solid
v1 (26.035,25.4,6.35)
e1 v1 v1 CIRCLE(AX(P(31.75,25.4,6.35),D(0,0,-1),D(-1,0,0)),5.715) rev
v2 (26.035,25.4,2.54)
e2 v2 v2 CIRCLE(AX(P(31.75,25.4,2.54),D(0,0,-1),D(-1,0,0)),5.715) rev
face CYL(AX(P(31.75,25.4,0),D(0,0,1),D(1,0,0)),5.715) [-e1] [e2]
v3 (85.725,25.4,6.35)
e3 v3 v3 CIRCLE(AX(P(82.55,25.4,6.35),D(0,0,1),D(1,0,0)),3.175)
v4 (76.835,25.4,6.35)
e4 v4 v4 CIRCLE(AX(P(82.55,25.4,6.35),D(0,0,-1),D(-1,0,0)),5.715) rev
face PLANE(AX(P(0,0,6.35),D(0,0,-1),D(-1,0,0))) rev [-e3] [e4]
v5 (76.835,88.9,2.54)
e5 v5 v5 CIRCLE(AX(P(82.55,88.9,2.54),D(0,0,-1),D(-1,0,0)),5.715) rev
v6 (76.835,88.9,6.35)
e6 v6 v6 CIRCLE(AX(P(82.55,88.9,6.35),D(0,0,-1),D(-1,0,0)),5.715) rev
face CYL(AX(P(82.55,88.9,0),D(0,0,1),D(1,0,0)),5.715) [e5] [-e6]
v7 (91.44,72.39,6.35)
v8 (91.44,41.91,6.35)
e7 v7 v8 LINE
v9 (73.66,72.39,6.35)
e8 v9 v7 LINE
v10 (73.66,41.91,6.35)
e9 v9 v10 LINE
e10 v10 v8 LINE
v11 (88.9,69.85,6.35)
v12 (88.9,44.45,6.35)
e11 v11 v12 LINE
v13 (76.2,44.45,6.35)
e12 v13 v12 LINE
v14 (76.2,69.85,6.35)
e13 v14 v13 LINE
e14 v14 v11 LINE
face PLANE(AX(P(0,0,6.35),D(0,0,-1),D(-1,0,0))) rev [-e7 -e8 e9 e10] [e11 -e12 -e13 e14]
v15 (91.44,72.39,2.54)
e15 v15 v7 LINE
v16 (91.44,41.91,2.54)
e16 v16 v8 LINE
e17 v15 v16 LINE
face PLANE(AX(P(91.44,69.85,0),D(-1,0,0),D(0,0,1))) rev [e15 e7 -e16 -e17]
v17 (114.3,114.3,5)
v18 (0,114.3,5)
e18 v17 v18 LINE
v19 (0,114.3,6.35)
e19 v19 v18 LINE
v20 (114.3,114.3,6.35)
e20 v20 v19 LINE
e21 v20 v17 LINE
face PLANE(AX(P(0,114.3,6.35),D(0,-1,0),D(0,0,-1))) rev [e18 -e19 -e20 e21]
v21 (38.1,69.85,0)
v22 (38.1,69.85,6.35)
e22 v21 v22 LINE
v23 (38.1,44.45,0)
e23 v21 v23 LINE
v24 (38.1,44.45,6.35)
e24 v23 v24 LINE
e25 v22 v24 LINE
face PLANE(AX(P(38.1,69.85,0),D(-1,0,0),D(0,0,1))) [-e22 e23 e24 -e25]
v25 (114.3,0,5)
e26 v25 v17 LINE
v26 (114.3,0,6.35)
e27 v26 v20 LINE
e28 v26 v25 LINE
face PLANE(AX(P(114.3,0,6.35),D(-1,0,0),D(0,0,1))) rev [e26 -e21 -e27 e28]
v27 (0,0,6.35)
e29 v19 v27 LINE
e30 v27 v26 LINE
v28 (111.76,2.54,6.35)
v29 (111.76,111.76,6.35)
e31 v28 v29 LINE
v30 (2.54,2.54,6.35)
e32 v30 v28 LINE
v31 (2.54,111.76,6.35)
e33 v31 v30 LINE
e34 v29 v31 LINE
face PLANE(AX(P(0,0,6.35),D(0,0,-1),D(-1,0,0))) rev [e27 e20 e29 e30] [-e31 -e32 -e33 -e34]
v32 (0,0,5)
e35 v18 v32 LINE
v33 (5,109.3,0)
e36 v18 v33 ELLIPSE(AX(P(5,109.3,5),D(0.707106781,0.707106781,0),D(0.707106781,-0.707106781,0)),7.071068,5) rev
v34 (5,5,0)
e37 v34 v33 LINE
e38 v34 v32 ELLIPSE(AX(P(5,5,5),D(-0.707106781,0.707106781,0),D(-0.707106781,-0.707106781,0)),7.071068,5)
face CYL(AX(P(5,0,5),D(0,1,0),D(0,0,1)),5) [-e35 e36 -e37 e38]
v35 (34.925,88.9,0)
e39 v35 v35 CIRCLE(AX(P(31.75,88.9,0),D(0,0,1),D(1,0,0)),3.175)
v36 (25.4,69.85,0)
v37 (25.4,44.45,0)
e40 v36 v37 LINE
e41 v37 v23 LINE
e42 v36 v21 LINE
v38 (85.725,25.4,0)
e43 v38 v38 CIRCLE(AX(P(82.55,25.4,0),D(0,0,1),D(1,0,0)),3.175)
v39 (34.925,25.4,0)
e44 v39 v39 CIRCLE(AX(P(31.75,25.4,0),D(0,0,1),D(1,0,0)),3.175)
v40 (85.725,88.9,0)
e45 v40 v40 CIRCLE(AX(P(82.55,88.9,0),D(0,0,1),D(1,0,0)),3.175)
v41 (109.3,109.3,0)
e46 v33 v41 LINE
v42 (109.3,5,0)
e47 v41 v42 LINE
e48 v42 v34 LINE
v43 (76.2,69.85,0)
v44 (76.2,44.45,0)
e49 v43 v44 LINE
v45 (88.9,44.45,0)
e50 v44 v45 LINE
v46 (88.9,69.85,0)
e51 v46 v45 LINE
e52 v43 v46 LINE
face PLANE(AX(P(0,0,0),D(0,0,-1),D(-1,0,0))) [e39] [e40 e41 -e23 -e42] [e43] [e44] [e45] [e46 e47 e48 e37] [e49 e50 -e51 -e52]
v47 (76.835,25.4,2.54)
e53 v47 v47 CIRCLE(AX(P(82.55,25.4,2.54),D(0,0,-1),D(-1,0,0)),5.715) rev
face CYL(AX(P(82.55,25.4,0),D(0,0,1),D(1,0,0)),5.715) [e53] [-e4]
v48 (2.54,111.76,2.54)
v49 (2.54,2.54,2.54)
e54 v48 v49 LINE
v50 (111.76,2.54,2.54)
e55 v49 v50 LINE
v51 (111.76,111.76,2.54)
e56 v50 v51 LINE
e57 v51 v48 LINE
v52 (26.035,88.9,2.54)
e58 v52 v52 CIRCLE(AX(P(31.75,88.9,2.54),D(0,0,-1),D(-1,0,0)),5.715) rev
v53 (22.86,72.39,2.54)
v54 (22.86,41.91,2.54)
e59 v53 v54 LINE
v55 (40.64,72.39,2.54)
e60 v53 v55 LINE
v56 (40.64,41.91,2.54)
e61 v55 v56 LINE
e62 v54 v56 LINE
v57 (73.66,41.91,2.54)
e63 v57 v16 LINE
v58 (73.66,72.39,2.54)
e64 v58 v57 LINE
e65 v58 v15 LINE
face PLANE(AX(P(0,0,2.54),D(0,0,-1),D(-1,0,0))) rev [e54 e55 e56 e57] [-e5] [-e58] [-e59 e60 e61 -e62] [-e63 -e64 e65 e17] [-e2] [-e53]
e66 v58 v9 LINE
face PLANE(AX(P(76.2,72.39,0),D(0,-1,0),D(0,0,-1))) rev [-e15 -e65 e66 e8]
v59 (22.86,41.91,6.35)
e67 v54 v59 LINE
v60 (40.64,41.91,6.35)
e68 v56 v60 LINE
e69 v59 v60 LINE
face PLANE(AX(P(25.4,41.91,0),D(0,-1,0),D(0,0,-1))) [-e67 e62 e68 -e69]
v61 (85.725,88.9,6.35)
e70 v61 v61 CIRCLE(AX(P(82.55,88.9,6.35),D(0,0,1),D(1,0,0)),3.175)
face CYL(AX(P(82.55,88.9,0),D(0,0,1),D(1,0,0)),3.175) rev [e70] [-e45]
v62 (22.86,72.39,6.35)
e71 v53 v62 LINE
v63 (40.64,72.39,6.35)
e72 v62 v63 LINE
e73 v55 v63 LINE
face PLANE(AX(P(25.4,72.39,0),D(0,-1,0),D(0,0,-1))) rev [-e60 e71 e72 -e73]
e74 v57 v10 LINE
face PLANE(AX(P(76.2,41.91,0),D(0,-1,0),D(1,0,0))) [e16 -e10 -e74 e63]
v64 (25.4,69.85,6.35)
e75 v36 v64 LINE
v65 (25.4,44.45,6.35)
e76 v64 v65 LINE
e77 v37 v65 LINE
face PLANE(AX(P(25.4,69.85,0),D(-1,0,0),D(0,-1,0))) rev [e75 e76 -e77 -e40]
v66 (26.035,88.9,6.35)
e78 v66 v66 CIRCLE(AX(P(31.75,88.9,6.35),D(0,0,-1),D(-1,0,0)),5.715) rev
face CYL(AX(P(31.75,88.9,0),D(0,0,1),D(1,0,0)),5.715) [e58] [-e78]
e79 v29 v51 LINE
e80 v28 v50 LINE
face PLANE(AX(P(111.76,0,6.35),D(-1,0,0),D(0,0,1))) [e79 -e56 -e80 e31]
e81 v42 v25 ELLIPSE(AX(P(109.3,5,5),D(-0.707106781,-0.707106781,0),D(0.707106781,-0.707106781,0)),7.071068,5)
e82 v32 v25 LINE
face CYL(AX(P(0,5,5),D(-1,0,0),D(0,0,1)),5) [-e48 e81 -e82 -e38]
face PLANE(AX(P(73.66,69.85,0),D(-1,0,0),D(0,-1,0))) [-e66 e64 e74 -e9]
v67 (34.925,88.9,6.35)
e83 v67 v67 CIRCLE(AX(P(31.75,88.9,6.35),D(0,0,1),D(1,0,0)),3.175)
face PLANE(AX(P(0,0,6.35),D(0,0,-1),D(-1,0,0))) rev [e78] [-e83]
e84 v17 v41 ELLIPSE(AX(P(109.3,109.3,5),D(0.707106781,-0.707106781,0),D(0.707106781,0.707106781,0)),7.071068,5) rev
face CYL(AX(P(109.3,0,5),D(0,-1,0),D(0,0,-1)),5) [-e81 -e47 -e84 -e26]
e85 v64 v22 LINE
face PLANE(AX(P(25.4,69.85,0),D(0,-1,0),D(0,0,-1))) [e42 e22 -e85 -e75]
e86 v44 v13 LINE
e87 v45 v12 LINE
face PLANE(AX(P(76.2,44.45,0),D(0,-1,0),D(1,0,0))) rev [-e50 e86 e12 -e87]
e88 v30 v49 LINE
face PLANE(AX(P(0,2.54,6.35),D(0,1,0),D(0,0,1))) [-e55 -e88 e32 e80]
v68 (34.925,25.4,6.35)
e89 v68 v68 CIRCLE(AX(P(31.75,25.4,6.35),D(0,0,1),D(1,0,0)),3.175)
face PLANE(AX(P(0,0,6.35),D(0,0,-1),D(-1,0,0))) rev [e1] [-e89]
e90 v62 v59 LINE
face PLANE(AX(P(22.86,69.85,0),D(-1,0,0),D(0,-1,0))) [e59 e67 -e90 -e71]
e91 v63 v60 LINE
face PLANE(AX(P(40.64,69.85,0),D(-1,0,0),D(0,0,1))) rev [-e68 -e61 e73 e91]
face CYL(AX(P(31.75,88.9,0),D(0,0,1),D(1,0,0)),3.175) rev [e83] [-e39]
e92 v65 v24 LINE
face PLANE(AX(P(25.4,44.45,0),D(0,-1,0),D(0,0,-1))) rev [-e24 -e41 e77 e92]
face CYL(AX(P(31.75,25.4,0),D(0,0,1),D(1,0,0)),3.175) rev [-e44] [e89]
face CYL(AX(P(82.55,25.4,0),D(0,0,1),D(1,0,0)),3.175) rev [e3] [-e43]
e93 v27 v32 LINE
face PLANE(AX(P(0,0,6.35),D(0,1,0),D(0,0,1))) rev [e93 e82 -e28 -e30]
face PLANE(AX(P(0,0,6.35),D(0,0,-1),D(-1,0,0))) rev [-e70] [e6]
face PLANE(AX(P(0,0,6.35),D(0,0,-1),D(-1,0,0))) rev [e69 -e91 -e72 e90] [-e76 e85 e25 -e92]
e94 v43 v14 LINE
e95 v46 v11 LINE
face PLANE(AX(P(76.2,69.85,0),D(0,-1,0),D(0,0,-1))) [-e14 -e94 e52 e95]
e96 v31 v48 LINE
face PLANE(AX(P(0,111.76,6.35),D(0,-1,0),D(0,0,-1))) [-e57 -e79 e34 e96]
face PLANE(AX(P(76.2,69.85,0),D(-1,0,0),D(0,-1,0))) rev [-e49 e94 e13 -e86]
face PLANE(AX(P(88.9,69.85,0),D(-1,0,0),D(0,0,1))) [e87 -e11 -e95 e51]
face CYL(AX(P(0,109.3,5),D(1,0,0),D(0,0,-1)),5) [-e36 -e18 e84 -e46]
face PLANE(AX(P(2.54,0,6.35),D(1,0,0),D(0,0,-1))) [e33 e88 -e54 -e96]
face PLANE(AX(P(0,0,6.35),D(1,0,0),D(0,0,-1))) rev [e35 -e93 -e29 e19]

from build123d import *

# Parameters (mm, degrees)
SKETCH2_W           = 114.3
SKETCH2_H           = 114.3
BOSS_EXTRUDE1_DEPTH = 6.35
SKETCH3_R           = 3.175
CUT_EXTRUDE1_DEPTH  = 162.769287876
SKETCH3_3_R         = 3.175
CUT_EXTRUDE2_DEPTH  = 162.769287876
SKETCH3_4_R         = 3.175
CUT_EXTRUDE3_DEPTH  = 162.769287876
SKETCH3_5_W         = 12.7
SKETCH3_5_H         = 25.4
CUT_EXTRUDE4_DEPTH  = 162.769287876
SKETCH3_6_W         = 12.7
SKETCH3_6_H         = 25.4
CUT_EXTRUDE5_DEPTH  = 162.769287876
SKETCH3_7_R         = 3.175
CUT_EXTRUDE6_DEPTH  = 162.769287876
SHELL1_T            = -2.54
FILLET1_R           = 5


with BuildPart() as part:
    # Sketch2 → Boss-Extrude1 (new body)
    with BuildSketch(Plane.XY):
        with Locations((57.15, 57.15)):
            Rectangle(SKETCH2_W, SKETCH2_H)
    extrude(amount=BOSS_EXTRUDE1_DEPTH)

    # Sketch3 → Cut-Extrude1 (cut, through all)
    with BuildSketch(Plane.XY.offset(6.35)):
        with Locations((31.75, 88.9)):
            Circle(SKETCH3_R)
    extrude(amount=-CUT_EXTRUDE1_DEPTH, mode=Mode.SUBTRACT)

    # Sketch3<3> → Cut-Extrude2 (cut, through all)
    with BuildSketch(Plane.XY.offset(6.35)):
        with Locations((82.55, 88.9)):
            Circle(SKETCH3_3_R)
    extrude(amount=-CUT_EXTRUDE2_DEPTH, mode=Mode.SUBTRACT)

    # Sketch3<4> → Cut-Extrude3 (cut, through all)
    with BuildSketch(Plane.XY.offset(6.35)):
        with Locations((31.75, 25.4)):
            Circle(SKETCH3_4_R)
    extrude(amount=-CUT_EXTRUDE3_DEPTH, mode=Mode.SUBTRACT)

    # Sketch3<5> → Cut-Extrude4 (cut, through all)
    with BuildSketch(Plane.XY.offset(6.35)):
        with Locations((31.75, 57.15)):
            Rectangle(SKETCH3_5_W, SKETCH3_5_H)
    extrude(amount=-CUT_EXTRUDE4_DEPTH, mode=Mode.SUBTRACT)

    # Sketch3<6> → Cut-Extrude5 (cut, through all)
    with BuildSketch(Plane.XY.offset(6.35)):
        with Locations((82.55, 57.15)):
            Rectangle(SKETCH3_6_W, SKETCH3_6_H)
    extrude(amount=-CUT_EXTRUDE5_DEPTH, mode=Mode.SUBTRACT)

    # Sketch3<7> → Cut-Extrude6 (cut, through all)
    with BuildSketch(Plane.XY.offset(6.35)):
        with Locations((82.55, 25.4)):
            Circle(SKETCH3_7_R)
    extrude(amount=-CUT_EXTRUDE6_DEPTH, mode=Mode.SUBTRACT)

    # Shell1
    shell1_openings = [part.faces().sort_by_distance(p)[0] for p in [
        (57.15, 57.15, 6.35),
    ]]
    offset(amount=SHELL1_T, openings=shell1_openings, kind=Kind.INTERSECTION)

    # Fillet1
    fillet1_edges = [part.edges().sort_by_distance(p)[0] for p in [
        (0, 57.15, 0),
        (57.15, 0, 0),
        (114.3, 57.15, 0),
        (57.15, 114.3, 0),
    ]]
    fillet(fillet1_edges, radius=FILLET1_R)


solid = part.part
